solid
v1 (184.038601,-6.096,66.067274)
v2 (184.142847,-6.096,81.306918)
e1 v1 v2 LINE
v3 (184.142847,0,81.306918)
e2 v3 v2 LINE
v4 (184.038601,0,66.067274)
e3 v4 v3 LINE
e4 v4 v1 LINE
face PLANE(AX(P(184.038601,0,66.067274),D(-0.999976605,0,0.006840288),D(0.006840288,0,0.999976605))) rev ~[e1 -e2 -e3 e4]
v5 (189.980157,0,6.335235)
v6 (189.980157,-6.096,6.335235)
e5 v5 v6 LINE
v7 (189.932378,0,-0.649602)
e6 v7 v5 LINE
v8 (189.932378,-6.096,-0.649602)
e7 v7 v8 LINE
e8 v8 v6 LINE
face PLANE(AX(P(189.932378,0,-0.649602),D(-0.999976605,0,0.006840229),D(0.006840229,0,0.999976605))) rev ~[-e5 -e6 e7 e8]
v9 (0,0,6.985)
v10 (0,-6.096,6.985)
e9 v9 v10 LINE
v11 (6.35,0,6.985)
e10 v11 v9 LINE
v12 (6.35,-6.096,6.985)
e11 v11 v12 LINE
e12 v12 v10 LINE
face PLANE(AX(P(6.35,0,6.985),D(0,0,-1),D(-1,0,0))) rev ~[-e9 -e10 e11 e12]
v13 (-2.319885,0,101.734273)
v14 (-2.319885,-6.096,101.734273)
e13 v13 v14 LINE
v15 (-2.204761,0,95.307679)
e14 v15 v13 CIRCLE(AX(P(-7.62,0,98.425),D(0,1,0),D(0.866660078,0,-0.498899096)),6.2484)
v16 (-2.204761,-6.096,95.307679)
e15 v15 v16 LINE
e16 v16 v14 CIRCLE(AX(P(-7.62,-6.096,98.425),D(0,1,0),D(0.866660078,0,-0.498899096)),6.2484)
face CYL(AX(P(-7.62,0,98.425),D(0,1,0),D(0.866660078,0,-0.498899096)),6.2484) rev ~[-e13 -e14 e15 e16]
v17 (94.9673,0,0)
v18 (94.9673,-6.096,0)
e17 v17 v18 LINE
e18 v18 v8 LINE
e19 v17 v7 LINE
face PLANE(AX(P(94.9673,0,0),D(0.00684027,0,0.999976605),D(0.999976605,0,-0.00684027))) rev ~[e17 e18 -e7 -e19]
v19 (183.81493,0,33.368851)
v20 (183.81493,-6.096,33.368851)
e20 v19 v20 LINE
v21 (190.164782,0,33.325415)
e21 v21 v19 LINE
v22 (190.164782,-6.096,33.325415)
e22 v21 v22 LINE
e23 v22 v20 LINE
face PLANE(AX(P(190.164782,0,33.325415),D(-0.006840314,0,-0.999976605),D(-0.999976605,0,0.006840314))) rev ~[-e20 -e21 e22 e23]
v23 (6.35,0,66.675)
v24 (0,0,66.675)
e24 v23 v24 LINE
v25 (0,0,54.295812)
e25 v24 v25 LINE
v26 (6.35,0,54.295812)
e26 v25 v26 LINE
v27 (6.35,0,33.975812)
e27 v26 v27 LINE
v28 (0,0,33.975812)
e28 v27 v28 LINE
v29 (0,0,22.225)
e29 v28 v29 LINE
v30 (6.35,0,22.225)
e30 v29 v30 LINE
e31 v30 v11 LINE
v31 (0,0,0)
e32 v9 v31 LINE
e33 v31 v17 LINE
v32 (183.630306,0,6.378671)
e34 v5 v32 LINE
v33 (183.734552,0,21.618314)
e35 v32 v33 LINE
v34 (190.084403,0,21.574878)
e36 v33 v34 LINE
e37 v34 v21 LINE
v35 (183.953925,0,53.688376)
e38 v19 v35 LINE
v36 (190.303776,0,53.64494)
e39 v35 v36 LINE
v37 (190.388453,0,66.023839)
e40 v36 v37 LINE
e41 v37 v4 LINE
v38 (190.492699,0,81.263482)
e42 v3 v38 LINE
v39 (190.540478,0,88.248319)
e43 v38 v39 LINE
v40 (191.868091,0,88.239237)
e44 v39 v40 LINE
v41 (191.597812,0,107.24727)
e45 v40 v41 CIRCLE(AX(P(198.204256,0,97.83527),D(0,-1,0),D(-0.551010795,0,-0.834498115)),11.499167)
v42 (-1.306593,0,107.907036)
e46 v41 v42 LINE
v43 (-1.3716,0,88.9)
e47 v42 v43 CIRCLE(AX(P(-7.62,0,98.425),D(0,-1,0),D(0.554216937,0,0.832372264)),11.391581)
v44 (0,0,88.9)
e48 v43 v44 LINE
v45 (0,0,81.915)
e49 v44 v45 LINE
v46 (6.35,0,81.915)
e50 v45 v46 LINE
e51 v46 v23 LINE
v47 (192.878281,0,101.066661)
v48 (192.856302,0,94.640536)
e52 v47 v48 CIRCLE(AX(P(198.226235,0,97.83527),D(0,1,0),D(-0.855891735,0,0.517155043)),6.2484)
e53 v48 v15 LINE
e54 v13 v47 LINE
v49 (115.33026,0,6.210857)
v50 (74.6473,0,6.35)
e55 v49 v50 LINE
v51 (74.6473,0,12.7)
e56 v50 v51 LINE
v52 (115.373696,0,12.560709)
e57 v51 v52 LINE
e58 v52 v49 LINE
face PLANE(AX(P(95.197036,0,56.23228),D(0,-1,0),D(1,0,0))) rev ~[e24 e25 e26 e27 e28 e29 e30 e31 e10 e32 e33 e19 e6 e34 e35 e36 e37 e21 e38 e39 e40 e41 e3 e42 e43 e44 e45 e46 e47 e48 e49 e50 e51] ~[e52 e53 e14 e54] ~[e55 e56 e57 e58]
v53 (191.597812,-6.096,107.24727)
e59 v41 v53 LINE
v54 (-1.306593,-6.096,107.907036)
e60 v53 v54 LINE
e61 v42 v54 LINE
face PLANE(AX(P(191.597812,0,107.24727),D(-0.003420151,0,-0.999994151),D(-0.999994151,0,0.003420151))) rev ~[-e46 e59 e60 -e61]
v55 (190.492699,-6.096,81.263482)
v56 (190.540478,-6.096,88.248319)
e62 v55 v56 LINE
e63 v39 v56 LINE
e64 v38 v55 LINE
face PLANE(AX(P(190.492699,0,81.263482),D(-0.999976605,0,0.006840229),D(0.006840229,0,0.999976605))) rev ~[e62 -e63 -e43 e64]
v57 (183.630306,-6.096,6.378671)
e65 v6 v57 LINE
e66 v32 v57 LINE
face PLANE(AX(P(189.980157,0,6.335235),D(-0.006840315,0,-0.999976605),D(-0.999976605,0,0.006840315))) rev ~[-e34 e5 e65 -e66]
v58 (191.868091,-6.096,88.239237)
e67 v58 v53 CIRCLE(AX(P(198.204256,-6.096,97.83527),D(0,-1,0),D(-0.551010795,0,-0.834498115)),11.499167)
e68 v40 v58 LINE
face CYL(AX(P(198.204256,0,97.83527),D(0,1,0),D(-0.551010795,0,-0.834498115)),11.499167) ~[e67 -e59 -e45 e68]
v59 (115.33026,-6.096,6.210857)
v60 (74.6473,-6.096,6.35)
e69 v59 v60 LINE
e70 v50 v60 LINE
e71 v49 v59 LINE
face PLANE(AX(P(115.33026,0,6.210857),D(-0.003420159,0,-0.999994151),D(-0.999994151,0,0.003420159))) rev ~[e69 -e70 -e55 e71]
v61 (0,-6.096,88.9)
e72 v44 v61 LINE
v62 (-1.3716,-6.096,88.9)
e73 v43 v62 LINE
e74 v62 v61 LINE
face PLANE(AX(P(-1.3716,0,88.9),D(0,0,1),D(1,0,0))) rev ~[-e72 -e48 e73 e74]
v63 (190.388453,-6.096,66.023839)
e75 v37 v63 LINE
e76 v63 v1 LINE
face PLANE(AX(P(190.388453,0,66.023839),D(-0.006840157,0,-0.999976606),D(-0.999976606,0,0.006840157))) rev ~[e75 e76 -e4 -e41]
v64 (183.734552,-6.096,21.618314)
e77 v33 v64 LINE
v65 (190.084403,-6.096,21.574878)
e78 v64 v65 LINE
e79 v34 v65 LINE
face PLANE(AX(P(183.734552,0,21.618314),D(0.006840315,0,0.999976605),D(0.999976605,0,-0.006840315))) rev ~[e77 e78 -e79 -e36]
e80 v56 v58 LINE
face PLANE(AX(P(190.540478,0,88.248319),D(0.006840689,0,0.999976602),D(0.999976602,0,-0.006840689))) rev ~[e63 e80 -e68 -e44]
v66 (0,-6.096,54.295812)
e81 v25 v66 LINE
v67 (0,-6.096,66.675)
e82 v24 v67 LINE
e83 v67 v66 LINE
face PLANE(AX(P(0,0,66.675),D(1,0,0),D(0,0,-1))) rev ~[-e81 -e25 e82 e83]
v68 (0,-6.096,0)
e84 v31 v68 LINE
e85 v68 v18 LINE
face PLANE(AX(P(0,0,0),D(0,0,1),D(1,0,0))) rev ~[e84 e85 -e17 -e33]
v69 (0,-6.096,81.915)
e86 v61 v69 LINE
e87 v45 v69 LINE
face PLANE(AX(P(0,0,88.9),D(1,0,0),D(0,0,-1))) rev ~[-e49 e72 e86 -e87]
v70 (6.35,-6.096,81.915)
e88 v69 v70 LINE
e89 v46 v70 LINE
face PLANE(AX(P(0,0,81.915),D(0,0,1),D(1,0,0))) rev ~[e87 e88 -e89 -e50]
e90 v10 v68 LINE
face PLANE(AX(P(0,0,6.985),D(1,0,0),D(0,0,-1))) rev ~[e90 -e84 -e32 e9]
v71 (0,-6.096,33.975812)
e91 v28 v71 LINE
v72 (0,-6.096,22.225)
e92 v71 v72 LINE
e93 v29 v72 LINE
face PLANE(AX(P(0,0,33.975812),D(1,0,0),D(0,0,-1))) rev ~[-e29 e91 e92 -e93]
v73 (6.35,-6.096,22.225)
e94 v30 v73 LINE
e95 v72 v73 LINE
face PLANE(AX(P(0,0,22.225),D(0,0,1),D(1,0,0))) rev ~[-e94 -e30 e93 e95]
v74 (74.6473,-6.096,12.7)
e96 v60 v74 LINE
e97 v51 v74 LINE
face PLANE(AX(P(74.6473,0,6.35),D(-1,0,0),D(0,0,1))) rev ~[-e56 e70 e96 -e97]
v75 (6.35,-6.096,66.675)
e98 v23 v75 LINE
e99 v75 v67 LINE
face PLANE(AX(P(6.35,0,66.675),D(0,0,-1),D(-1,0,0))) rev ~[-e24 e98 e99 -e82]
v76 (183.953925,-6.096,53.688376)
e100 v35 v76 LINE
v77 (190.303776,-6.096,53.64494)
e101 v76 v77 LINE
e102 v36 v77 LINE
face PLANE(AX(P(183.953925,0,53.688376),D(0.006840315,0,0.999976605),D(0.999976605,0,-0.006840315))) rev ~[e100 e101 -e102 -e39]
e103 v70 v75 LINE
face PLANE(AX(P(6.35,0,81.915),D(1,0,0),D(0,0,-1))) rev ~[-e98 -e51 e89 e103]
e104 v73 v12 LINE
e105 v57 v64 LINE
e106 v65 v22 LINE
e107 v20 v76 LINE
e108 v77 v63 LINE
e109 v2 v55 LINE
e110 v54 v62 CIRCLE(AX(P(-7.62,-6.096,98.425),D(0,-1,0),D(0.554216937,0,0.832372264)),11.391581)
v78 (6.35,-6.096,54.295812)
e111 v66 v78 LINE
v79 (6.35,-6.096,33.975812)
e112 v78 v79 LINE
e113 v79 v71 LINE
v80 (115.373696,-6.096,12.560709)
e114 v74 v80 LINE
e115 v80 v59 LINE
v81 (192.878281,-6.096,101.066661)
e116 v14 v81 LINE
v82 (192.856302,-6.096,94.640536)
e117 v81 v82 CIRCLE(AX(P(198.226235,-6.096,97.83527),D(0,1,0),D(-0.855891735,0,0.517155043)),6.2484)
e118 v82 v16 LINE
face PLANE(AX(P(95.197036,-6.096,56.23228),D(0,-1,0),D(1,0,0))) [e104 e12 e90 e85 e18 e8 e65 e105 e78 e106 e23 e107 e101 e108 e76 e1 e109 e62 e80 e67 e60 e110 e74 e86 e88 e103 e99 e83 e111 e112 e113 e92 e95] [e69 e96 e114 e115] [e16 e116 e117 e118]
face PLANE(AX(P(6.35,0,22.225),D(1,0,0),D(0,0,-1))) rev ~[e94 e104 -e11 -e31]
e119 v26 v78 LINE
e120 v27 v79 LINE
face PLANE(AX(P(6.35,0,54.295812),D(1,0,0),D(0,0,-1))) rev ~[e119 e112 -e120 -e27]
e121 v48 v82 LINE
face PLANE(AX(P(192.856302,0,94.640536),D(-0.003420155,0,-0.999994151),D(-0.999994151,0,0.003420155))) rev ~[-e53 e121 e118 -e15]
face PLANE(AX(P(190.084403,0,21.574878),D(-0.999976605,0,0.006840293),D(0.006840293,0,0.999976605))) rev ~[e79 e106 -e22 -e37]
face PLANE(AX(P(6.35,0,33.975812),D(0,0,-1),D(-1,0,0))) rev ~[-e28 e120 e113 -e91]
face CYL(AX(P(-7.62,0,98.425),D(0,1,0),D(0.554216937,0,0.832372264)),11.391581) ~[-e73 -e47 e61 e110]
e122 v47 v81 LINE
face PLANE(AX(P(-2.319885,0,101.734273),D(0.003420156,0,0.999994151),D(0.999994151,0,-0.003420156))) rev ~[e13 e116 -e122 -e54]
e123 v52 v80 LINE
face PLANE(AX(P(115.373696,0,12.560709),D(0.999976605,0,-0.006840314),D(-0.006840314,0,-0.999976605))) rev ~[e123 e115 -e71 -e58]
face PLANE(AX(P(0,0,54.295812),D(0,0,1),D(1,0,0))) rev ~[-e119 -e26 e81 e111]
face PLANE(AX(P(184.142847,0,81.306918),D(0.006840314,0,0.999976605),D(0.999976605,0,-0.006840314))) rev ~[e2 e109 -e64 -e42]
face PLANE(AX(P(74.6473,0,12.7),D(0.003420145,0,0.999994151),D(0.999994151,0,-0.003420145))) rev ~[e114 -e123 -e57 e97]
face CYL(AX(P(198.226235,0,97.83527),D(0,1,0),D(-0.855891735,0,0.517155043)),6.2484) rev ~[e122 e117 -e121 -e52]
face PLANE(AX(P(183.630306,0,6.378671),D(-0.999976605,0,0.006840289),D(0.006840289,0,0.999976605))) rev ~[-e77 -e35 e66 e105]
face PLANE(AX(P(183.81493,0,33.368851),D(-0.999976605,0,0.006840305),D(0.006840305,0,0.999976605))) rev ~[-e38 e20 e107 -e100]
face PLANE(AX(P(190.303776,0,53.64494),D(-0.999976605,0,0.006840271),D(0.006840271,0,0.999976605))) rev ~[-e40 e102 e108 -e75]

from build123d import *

# Parameters (mm, degrees)
F1_DEPTH = 6.096


with BuildPart() as f1:
    # F0 (on Front) → F1 (new body)
    with BuildSketch(Plane.XZ):
        with BuildLine():
            Line((0, 6.985), (0, 0))
            Line((0, 0), (94.9673, 0))
            Line((94.9673, 0), (189.932378, -0.649602))
            Line((189.932378, -0.649602), (189.980157, 6.335235))
            Line((189.980157, 6.335235), (183.630306, 6.378671))
            Line((183.630306, 6.378671), (183.734552, 21.618314))
            Line((183.734552, 21.618314), (190.084403, 21.574878))
            Line((190.084403, 21.574878), (190.164782, 33.325415))
            Line((190.164782, 33.325415), (183.81493, 33.368851))
            Line((183.81493, 33.368851), (183.953925, 53.688376))
            Line((183.953925, 53.688376), (190.303776, 53.64494))
            Line((190.303776, 53.64494), (190.388453, 66.023839))
            Line((190.388453, 66.023839), (184.038601, 66.067274))
            Line((184.038601, 66.067274), (184.142847, 81.306918))
            Line((184.142847, 81.306918), (190.492699, 81.263482))
            Line((190.492699, 81.263482), (190.540478, 88.248319))
            Line((190.540478, 88.248319), (191.868091, 88.239237))
            ThreePointArc((191.868091, 88.239237), (209.702261, 97.998763), (191.597812, 107.24727))
            Line((191.597812, 107.24727), (-1.306593, 107.907036))
            ThreePointArc((-1.306593, 107.907036), (-19.011515, 98.463961), (-1.3716, 88.9))
            Line((-1.3716, 88.9), (0, 88.9))
            Line((0, 88.9), (0, 81.915))
            Line((0, 81.915), (6.35, 81.915))
            Line((6.35, 81.915), (6.35, 66.675))
            Line((6.35, 66.675), (0, 66.675))
            Line((0, 66.675), (0, 54.295812))
            Line((0, 54.295812), (6.35, 54.295812))
            Line((6.35, 54.295812), (6.35, 33.975812))
            Line((6.35, 33.975812), (0, 33.975812))
            Line((0, 33.975812), (0, 22.225))
            Line((0, 22.225), (6.35, 22.225))
            Line((6.35, 22.225), (6.35, 6.985))
            Line((6.35, 6.985), (0, 6.985))
        make_face()
        Polygon((115.33026, 6.210857), (74.6473, 6.35), (74.6473, 12.7), (115.373696, 12.560709), align=None, mode=Mode.SUBTRACT)
        with BuildLine():
            ThreePointArc((-2.204761, 95.307679), (-13.867398, 98.313086), (-2.319885, 101.734273))
            Line((-2.319885, 101.734273), (192.878281, 101.066661))
            ThreePointArc((192.878281, 101.066661), (204.474598, 97.8139), (192.856302, 94.640536))
            Line((192.856302, 94.640536), (-2.204761, 95.307679))
        make_face(mode=Mode.SUBTRACT)
    extrude(amount=F1_DEPTH)


solid = f1.part
